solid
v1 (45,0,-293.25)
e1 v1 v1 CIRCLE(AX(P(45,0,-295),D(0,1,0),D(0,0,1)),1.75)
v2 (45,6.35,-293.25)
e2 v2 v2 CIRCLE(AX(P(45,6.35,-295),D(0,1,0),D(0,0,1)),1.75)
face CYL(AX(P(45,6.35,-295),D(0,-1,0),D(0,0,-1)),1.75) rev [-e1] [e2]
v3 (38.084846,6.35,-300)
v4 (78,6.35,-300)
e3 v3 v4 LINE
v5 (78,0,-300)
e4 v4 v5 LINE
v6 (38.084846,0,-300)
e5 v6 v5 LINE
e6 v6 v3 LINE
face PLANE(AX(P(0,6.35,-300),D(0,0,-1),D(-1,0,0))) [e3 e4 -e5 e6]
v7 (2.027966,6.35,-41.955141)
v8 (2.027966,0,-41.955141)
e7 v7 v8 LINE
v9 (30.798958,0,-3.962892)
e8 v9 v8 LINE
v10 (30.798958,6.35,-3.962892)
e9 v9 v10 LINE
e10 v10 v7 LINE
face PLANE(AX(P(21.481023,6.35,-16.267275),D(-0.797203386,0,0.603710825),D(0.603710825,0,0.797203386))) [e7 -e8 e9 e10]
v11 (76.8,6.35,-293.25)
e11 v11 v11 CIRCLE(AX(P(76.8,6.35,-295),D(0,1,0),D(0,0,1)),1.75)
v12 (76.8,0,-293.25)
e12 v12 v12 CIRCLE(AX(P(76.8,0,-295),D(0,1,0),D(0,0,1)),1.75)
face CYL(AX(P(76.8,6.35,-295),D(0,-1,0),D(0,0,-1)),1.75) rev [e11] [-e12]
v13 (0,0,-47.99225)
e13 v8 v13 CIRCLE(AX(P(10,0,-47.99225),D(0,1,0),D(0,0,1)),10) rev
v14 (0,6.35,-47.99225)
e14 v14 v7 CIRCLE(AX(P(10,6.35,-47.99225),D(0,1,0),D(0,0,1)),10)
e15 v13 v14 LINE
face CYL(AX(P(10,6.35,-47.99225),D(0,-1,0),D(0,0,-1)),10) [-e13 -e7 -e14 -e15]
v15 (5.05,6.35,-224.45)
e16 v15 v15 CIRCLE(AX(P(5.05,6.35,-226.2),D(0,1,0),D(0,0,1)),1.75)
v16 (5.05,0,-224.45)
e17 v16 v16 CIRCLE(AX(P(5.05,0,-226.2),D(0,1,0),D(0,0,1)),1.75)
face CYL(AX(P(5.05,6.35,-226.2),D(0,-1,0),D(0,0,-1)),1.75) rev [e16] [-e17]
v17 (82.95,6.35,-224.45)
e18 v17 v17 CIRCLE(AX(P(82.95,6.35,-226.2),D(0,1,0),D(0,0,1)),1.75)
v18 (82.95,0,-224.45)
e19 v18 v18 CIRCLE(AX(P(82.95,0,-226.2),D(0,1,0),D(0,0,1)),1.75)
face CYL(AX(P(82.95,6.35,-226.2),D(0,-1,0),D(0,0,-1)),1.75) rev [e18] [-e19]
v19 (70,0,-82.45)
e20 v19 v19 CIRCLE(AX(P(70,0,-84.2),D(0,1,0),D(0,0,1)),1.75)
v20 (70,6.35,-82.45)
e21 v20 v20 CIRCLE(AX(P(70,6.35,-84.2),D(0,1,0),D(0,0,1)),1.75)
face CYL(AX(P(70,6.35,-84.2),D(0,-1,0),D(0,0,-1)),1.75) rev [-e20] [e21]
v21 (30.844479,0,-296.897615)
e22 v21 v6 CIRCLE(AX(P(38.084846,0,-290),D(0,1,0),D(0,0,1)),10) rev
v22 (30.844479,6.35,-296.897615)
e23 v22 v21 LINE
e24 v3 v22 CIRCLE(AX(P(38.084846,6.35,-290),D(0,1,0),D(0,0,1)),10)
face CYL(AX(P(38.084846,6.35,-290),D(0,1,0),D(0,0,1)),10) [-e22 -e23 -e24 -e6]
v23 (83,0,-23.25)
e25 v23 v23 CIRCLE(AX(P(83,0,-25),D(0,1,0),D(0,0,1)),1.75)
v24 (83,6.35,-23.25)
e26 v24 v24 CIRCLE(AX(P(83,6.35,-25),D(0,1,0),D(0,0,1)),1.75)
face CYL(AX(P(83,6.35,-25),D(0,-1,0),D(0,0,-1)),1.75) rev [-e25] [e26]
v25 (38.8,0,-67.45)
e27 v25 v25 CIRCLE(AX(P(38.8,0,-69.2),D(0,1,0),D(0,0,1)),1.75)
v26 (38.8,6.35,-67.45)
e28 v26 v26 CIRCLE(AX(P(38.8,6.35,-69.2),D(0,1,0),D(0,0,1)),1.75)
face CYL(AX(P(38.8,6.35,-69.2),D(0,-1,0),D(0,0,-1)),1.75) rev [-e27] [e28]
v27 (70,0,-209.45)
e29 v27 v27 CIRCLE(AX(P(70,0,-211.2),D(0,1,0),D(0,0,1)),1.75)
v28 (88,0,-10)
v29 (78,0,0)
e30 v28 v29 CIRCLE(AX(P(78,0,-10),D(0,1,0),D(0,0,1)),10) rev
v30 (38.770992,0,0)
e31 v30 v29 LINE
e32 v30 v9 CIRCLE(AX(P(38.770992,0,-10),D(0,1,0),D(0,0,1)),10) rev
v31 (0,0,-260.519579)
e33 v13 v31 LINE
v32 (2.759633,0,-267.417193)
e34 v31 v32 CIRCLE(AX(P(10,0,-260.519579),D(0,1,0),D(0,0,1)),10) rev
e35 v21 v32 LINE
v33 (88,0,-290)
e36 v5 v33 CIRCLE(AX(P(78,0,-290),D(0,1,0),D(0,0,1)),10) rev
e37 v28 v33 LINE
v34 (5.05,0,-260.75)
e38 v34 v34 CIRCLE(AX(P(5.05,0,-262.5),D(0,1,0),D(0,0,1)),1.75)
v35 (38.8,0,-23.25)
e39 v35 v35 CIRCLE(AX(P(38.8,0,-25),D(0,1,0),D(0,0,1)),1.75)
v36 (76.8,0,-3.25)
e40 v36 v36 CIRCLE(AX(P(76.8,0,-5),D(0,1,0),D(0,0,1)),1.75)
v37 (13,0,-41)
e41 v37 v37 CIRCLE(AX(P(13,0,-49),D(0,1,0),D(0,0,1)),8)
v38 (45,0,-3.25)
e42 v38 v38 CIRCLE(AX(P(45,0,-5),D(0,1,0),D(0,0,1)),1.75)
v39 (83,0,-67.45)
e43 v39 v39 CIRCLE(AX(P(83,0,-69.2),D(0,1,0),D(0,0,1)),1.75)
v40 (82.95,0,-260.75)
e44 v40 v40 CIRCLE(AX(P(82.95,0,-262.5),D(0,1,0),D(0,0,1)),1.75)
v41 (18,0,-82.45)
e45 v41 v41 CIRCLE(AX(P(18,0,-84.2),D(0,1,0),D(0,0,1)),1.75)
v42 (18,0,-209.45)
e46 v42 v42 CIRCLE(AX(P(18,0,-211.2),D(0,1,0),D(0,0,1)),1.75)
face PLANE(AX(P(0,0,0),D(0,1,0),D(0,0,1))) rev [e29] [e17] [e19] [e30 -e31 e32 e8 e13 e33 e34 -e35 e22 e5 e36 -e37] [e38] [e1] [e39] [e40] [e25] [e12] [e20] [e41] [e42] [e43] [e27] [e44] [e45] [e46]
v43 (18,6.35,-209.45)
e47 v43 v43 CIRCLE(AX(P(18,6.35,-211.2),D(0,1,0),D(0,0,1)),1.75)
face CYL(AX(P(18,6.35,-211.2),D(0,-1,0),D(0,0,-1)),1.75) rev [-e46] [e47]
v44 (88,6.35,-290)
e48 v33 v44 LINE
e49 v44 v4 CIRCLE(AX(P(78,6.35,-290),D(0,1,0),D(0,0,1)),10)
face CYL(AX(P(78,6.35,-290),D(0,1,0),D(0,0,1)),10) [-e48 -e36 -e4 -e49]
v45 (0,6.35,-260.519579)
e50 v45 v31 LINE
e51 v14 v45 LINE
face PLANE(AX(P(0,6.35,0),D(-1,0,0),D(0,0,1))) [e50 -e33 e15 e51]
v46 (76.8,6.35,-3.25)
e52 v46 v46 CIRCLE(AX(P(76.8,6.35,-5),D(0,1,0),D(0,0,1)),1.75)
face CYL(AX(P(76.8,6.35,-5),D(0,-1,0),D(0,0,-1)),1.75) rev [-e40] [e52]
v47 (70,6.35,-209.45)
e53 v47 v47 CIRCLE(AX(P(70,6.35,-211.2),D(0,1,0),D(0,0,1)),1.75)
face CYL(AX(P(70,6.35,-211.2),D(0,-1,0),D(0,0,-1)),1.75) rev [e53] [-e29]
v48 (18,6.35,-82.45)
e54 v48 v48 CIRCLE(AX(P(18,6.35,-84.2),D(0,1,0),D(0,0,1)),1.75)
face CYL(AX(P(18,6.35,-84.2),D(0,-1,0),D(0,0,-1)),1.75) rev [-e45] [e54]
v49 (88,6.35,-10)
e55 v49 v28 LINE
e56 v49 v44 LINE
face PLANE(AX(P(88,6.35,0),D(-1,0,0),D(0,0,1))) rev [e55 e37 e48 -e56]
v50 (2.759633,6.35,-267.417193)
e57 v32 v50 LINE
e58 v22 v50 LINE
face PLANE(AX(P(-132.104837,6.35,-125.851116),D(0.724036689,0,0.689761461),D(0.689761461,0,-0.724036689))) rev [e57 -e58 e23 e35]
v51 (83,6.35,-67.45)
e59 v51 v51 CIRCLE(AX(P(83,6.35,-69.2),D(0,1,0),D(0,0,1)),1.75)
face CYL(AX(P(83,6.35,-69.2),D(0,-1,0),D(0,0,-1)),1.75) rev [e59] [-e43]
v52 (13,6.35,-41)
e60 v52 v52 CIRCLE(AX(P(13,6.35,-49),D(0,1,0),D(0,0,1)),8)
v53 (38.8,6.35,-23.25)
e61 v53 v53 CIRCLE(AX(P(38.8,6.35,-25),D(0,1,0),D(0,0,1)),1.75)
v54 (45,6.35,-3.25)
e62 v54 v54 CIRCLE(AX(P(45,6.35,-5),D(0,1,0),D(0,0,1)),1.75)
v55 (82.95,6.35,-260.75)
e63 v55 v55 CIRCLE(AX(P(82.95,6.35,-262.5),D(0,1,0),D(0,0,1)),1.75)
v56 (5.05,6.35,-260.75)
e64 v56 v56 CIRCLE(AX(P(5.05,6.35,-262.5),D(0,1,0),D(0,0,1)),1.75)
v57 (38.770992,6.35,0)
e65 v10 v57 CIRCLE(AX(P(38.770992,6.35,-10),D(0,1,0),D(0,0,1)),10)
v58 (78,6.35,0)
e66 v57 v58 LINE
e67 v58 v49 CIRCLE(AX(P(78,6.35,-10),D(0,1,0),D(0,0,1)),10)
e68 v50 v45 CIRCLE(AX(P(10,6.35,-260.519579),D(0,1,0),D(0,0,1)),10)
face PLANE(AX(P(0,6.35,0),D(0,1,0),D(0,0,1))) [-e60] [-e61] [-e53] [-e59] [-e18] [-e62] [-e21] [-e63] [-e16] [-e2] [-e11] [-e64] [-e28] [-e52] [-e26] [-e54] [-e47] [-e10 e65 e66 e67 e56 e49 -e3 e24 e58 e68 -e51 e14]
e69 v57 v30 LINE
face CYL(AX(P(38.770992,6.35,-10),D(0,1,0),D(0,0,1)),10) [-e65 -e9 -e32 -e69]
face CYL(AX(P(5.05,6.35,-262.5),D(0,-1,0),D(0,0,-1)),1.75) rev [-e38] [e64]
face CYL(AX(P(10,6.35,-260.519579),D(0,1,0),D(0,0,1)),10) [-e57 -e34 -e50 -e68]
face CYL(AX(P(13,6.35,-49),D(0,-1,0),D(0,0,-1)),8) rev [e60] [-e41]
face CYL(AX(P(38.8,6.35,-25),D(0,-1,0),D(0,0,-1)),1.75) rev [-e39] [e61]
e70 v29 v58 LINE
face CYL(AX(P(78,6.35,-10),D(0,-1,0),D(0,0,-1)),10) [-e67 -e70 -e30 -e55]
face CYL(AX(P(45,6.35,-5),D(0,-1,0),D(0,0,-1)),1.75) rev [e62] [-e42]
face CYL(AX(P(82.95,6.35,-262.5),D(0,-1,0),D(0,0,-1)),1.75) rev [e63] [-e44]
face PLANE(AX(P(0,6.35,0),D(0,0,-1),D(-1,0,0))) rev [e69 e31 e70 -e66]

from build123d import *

# Parameters (mm, degrees)
SKETCH1_R           = 8
SKETCH1_R_2         = 1.75
BOSS_EXTRUDE1_DEPTH = 6.35
FILLET1_R           = 10


with BuildPart() as part:
    # Sketch1 → Boss-Extrude1 (new body)
    with BuildSketch(Plane(origin=(0, 0, 0), x_dir=(1, 0, 0), z_dir=(0, 1, 0))):
        Polygon((0, 44.633081493), (33.8, 0), (88, 0), (88, 300), (33.8, 300), (0, 264.520429961), align=None)
        with Locations(Location((13, 49, 0), (0, 0, 270))):
            Circle(SKETCH1_R, mode=Mode.SUBTRACT)
        with Locations(Location((38.8, 25, 0), (0, 0, 270))):
            Circle(SKETCH1_R_2, mode=Mode.SUBTRACT)
        with Locations(Location((38.8, 69.2, 0), (0, 0, 270))):
            Circle(SKETCH1_R_2, mode=Mode.SUBTRACT)
        with Locations(Location((18, 84.2, 0), (0, 0, 270))):
            Circle(SKETCH1_R_2, mode=Mode.SUBTRACT)
        with Locations(Location((45, 5, 0), (0, 0, 270))):
            Circle(SKETCH1_R_2, mode=Mode.SUBTRACT)
        with Locations(Location((76.8, 5, 0), (0, 0, 270))):
            Circle(SKETCH1_R_2, mode=Mode.SUBTRACT)
        with Locations(Location((83, 25, 0), (0, 0, 270))):
            Circle(SKETCH1_R_2, mode=Mode.SUBTRACT)
        with Locations(Location((83, 69.2, 0), (0, 0, 270))):
            Circle(SKETCH1_R_2, mode=Mode.SUBTRACT)
        with Locations(Location((70, 84.2, 0), (0, 0, 270))):
            Circle(SKETCH1_R_2, mode=Mode.SUBTRACT)
        with Locations(Location((18, 211.2, 0), (0, 0, 270))):
            Circle(SKETCH1_R_2, mode=Mode.SUBTRACT)
        with Locations(Location((5.05, 226.2, 0), (0, 0, 270))):
            Circle(SKETCH1_R_2, mode=Mode.SUBTRACT)
        with Locations(Location((5.05, 262.5, 0), (0, 0, 270))):
            Circle(SKETCH1_R_2, mode=Mode.SUBTRACT)
        with Locations(Location((70, 211.2, 0), (0, 0, 270))):
            Circle(SKETCH1_R_2, mode=Mode.SUBTRACT)
        with Locations(Location((45, 295, 0), (0, 0, 270))):
            Circle(SKETCH1_R_2, mode=Mode.SUBTRACT)
        with Locations(Location((82.95, 226.2, 0), (0, 0, 270))):
            Circle(SKETCH1_R_2, mode=Mode.SUBTRACT)
        with Locations(Location((76.8, 295, 0), (0, 0, 270))):
            Circle(SKETCH1_R_2, mode=Mode.SUBTRACT)
        with Locations(Location((82.95, 262.5, 0), (0, 0, 270))):
            Circle(SKETCH1_R_2, mode=Mode.SUBTRACT)
    extrude(amount=BOSS_EXTRUDE1_DEPTH)

    # Fillet1
    fillet1_edges = [part.edges().sort_by_distance(p)[0] for p in [
        (88, 3.175, -300),
        (88, 3.175, 0),
        (33.8, 3.175, 0),
        (0, 3.175, -44.633081493),
        (0, 3.175, -264.520429961),
        (33.8, 3.175, -300),
    ]]
    fillet(fillet1_edges, radius=FILLET1_R)


solid = part.part
